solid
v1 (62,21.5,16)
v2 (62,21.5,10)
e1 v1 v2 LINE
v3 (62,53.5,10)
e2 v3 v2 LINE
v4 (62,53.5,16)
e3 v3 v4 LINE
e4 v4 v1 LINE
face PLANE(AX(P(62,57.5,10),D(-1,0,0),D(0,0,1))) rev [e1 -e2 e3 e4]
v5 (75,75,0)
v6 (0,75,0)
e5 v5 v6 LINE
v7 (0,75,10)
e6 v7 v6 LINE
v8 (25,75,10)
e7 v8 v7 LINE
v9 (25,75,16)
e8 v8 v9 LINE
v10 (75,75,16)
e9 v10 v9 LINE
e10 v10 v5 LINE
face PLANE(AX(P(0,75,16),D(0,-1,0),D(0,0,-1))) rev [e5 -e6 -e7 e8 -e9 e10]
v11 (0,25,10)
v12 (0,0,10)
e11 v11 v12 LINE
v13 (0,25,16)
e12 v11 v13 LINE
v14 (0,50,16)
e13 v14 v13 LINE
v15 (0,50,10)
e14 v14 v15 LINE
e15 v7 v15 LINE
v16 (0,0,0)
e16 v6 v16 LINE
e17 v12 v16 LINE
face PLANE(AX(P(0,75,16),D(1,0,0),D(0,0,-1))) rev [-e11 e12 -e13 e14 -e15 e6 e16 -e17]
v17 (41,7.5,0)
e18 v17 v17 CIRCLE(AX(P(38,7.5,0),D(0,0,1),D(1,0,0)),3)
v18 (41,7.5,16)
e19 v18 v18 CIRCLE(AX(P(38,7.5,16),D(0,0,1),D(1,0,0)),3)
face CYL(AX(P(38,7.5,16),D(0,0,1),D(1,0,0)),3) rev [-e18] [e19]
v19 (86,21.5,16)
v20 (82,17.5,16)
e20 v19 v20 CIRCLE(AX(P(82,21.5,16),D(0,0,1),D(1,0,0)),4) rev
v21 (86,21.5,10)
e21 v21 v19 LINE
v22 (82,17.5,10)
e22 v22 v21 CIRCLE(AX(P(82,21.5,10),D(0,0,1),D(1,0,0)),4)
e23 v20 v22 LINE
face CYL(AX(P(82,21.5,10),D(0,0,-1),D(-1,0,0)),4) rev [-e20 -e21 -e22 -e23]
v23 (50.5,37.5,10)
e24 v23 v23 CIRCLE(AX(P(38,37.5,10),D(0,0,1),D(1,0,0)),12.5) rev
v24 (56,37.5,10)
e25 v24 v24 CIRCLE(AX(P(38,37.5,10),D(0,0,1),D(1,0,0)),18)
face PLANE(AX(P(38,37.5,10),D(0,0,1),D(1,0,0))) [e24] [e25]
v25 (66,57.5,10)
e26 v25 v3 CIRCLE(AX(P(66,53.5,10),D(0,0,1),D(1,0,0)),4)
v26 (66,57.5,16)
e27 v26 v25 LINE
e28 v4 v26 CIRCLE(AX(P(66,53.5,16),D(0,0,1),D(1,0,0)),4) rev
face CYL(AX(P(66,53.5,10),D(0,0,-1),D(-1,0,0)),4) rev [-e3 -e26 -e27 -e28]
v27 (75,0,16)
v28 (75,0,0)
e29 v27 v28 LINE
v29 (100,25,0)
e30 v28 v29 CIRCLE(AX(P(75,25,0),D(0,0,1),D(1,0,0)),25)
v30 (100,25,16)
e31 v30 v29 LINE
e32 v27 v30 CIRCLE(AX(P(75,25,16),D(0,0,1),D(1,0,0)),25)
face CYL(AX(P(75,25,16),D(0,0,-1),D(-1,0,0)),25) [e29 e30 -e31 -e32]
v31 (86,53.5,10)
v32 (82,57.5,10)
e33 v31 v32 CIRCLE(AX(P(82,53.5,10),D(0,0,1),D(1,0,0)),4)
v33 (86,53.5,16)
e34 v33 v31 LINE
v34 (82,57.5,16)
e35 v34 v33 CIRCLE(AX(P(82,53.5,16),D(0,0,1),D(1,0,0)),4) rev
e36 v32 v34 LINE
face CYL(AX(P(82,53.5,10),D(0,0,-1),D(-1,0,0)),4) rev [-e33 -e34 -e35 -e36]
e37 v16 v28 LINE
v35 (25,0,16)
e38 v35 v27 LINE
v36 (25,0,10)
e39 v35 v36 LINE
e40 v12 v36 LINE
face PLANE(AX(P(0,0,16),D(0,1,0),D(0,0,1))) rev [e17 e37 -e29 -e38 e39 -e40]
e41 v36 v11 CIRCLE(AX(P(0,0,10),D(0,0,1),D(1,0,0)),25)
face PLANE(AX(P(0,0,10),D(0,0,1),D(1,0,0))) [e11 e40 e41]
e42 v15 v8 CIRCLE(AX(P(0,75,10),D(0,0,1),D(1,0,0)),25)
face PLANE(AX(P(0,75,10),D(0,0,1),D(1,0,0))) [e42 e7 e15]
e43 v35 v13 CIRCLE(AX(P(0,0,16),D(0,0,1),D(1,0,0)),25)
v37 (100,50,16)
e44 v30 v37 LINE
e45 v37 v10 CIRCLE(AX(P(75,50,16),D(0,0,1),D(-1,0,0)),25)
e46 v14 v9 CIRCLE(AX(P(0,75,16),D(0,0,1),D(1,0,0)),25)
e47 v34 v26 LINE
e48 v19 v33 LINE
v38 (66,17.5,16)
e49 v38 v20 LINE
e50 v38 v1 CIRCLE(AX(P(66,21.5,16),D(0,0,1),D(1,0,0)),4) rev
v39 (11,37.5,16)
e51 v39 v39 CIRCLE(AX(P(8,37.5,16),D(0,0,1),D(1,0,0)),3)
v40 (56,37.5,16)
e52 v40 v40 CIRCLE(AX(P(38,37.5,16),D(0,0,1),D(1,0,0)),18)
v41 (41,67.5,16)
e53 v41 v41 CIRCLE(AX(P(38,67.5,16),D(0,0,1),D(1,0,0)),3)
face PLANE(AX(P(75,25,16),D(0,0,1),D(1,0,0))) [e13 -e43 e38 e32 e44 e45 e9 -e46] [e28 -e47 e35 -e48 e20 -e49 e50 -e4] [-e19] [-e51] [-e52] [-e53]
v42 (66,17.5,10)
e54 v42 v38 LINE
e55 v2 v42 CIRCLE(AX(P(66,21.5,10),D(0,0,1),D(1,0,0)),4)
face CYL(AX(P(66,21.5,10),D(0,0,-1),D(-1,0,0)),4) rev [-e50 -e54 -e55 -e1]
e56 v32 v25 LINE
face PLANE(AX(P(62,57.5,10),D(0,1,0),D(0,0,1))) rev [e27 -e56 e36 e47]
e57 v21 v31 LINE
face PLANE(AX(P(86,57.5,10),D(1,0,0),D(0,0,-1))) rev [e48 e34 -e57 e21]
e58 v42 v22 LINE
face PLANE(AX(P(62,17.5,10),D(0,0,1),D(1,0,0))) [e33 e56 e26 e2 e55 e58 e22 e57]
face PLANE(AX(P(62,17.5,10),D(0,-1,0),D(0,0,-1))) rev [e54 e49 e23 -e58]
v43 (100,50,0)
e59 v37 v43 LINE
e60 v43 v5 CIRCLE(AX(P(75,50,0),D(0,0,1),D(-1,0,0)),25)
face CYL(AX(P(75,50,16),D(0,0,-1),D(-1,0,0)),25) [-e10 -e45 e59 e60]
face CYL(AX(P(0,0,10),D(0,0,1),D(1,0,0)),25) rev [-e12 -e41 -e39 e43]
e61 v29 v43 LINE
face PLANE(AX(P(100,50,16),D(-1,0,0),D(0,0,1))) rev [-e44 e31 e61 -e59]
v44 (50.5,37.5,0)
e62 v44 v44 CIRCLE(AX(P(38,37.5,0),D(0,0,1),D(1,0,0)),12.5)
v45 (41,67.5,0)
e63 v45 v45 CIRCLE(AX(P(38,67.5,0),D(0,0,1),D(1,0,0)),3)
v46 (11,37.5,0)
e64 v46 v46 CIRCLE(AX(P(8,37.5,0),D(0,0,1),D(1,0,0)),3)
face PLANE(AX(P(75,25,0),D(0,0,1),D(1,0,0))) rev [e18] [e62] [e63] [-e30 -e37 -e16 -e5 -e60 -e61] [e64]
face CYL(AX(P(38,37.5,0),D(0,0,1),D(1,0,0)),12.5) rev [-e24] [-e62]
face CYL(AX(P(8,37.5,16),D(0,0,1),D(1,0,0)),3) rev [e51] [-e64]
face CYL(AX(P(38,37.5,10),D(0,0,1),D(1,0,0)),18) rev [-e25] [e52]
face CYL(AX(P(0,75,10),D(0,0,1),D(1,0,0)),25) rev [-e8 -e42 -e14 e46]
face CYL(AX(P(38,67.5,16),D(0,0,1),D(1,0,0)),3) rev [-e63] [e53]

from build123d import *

# Parameters (mm, degrees)
EXTRUDE1_DEPTH     = 16
SKETCH2_R          = 12.5
CUT_EXTRUDE1_DEPTH = 17
SKETCH3_R          = 18
CUT_EXTRUDE2_DEPTH = 6
SKETCH4_W          = 24
SKETCH4_H          = 40
CUT_EXTRUDE3_DEPTH = 6
FILLET1_R          = 4
HOLE1_D            = 6
SKETCH7_R          = 25
CUT_EXTRUDE4_DEPTH = 6


with BuildPart() as part:
    # Sketch1 → Extrude1 (new body)
    with BuildSketch(Plane.XY):
        with BuildLine():
            Line((0, 75), (75, 75))
            ThreePointArc((75, 75), (92.67766953, 67.67766953), (100, 50))
            Line((100, 50), (100, 25))
            ThreePointArc((100, 25), (92.67766953, 7.32233047), (75, 0))
            Line((75, 0), (0, 0))
            Line((0, 0), (0, 75))
        make_face()
    extrude(amount=EXTRUDE1_DEPTH)

    # Sketch2 → Cut-Extrude1 (cut, through all)
    with BuildSketch(Plane.XY.offset(16)):
        with Locations((38, 37.5)):
            Circle(SKETCH2_R)
    extrude(amount=-CUT_EXTRUDE1_DEPTH, mode=Mode.SUBTRACT)

    # Sketch3 → Cut-Extrude2 (cut)
    with BuildSketch(Plane.XY.offset(16)):
        with Locations((38, 37.5)):
            Circle(SKETCH3_R)
    extrude(amount=-CUT_EXTRUDE2_DEPTH, mode=Mode.SUBTRACT)

    # Sketch4 → Cut-Extrude3 (cut)
    with BuildSketch(Plane.XY.offset(16)):
        with Locations((74, 37.5)):
            Rectangle(SKETCH4_W, SKETCH4_H)
    extrude(amount=-CUT_EXTRUDE3_DEPTH, mode=Mode.SUBTRACT)

    # Fillet1
    fillet1_edges = [part.edges().sort_by_distance(p)[0] for p in [
        (62, 17.5, 13),
        (62, 57.5, 13),
        (86, 57.5, 13),
        (86, 17.5, 13),
    ]]
    fillet(fillet1_edges, radius=FILLET1_R)

    # Hole1 (through all)
    with Locations(Plane.XY.offset(16)):
        with Locations((38, 67.5), (8, 37.5), (38, 7.5)):
            Hole(HOLE1_D / 2)

    # Sketch7 → Cut-Extrude4 (cut)
    with BuildSketch(Plane.XY.offset(16)):
        with Locations((0, 75)):
            Circle(SKETCH7_R)
        Circle(SKETCH7_R)
    extrude(amount=-CUT_EXTRUDE4_DEPTH, mode=Mode.SUBTRACT)


solid = part.part
